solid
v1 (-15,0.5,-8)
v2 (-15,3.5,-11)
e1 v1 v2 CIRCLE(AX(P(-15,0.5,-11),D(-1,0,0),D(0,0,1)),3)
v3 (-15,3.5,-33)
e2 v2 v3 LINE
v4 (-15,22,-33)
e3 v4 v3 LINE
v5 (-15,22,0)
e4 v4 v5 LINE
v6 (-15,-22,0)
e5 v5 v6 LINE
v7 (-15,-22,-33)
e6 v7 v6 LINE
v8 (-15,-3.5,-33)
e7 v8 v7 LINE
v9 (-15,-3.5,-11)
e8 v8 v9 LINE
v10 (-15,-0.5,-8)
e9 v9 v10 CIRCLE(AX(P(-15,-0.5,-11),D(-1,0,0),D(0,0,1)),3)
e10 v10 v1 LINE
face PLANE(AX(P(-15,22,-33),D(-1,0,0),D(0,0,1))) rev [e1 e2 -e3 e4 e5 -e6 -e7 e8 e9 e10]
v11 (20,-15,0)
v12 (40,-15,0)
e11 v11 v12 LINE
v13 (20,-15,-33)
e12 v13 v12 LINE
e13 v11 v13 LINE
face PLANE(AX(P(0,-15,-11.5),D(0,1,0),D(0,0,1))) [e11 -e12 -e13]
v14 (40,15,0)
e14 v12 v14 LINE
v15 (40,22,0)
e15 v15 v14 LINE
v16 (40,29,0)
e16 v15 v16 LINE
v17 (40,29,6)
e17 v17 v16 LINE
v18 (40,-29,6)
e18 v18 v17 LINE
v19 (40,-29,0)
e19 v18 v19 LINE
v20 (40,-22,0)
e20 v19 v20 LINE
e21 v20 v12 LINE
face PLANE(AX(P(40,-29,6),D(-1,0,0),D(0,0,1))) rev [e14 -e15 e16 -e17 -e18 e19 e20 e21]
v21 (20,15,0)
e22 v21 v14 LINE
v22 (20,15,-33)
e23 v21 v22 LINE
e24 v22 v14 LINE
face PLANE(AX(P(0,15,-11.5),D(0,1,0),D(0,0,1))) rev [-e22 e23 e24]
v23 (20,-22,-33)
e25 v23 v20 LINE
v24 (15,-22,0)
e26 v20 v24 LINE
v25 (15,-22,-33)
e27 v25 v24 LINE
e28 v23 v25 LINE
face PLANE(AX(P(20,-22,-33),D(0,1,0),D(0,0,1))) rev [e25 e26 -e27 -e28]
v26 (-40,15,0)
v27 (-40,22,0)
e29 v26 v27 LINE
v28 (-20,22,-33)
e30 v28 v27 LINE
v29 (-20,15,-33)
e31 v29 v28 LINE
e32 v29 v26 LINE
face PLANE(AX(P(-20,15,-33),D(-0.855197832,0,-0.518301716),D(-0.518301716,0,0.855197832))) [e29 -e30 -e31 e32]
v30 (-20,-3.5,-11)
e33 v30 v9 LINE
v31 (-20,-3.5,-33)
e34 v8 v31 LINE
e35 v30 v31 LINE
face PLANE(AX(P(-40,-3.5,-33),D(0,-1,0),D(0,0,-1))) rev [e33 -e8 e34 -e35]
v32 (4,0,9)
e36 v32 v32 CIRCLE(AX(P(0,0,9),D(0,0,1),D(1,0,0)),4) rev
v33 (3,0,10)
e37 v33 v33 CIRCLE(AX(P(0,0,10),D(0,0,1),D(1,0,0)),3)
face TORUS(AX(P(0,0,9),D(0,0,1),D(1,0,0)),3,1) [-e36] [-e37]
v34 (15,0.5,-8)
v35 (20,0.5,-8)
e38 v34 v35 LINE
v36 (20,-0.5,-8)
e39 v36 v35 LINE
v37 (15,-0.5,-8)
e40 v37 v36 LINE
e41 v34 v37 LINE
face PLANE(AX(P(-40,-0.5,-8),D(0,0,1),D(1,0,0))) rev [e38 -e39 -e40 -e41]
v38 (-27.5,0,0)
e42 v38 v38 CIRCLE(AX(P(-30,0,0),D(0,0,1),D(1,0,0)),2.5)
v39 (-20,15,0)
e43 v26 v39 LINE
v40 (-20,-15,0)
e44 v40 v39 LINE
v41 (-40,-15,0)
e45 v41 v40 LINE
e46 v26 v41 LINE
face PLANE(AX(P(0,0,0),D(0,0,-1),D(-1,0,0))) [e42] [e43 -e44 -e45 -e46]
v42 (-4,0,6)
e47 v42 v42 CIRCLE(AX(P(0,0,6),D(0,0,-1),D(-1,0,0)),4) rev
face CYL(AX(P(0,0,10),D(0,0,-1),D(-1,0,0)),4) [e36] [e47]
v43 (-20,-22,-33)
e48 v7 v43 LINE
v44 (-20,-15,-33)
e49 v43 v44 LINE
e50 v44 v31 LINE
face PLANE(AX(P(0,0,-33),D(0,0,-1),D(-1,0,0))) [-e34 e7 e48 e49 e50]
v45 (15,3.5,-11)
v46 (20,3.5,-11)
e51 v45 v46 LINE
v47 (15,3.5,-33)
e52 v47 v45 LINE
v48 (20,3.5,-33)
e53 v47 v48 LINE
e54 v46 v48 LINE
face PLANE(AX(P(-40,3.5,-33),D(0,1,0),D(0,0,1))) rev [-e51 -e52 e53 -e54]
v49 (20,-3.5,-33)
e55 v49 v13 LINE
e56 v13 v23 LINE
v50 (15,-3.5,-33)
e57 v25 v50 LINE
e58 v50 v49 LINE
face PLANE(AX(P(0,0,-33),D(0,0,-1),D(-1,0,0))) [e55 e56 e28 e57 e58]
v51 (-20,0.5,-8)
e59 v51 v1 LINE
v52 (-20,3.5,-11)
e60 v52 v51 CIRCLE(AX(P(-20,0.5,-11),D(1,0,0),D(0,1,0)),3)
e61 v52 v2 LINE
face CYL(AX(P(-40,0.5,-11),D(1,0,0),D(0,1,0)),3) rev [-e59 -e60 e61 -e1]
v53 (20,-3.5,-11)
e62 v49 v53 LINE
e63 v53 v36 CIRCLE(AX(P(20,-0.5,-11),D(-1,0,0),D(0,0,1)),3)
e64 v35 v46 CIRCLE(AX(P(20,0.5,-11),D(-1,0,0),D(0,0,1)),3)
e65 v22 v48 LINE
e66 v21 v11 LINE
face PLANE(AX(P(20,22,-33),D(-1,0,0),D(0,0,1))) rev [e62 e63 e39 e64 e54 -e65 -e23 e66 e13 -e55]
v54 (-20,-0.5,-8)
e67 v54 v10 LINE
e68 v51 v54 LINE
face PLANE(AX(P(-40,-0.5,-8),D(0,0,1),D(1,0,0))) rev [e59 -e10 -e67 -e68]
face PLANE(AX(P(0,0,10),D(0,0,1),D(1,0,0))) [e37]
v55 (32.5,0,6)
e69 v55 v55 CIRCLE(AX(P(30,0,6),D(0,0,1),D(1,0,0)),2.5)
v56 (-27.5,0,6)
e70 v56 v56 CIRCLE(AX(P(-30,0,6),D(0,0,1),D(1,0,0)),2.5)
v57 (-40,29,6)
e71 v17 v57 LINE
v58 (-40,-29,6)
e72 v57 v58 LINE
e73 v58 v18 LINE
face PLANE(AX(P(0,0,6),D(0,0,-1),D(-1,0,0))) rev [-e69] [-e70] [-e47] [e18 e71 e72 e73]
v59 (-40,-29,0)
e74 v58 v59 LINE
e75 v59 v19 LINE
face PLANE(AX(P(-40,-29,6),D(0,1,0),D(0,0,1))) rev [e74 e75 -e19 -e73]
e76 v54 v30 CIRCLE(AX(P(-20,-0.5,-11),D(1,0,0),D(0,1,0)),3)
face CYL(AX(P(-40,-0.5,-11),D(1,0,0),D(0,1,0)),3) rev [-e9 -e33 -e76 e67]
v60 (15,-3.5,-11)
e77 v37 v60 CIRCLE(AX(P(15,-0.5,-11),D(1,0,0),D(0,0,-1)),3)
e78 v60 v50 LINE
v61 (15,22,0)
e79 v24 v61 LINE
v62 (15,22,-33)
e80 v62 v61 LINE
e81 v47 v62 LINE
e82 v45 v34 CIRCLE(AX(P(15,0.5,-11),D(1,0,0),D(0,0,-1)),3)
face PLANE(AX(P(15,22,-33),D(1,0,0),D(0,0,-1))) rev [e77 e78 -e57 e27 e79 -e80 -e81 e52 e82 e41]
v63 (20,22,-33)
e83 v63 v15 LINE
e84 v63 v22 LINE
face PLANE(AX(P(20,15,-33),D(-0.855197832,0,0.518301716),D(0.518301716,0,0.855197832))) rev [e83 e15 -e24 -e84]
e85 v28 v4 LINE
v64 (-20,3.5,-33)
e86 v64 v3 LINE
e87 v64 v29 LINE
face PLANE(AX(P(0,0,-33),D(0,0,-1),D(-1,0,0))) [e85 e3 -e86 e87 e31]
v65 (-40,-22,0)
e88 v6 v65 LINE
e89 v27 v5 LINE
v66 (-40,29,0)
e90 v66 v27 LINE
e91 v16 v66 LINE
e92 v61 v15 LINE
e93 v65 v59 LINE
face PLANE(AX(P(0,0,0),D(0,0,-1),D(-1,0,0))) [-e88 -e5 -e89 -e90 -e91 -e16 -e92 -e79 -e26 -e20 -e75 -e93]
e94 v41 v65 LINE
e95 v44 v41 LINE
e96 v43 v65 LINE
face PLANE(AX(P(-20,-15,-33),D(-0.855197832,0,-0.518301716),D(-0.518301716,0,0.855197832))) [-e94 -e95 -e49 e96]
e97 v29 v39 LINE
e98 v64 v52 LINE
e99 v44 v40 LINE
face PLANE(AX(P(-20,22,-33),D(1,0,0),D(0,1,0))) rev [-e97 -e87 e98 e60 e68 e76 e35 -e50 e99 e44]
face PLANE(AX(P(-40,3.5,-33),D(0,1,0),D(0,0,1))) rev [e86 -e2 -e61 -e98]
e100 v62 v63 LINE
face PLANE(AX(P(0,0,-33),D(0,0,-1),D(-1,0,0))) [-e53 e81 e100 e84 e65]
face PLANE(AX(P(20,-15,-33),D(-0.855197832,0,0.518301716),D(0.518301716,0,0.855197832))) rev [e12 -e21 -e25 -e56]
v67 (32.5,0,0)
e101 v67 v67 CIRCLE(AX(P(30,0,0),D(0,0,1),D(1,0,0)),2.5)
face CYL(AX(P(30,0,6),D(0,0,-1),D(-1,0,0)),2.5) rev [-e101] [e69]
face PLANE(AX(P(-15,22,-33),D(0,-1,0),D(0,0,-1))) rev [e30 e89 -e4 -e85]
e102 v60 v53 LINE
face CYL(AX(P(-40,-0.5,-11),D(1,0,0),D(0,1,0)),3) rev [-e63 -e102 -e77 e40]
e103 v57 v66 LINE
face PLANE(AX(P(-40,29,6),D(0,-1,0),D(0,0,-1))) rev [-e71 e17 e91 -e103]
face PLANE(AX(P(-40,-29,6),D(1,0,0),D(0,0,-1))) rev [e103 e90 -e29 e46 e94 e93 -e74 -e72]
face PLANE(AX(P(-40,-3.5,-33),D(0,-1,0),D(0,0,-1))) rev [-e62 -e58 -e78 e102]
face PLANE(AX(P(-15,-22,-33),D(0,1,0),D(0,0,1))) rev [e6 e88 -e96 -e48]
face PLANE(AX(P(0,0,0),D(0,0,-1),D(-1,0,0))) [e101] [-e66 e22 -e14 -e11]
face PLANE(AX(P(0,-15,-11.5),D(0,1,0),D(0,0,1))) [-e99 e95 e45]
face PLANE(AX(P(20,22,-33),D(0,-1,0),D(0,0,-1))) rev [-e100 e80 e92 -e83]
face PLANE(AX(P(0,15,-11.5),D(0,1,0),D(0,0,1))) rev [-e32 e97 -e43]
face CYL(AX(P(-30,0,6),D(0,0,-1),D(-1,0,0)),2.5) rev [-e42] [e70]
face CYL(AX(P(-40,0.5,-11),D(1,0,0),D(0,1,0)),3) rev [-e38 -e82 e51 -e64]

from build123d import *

# Parameters (mm, degrees)
SKETCH_2_W               = 80
SKETCH_2_H               = 58
SKETCH_2_R               = 2.5
EXTRUDE_1_DEPTH          = 6
SKETCH_3_W               = 5
SKETCH_3_H               = 44
EXTRUDE_2_DEPTH          = 33
CUT_EXTRUDE_1_DEPTH      = 75.36396977
CUT_EXTRUDE_1_DEPTH_BACK = 75.36396977
SKETCH_12_R              = 4
EXTRUDE_3_DEPTH          = 4
RIB_10_REACH             = 70.007
SKETCH_13_WALL_W         = 176.60226785
SKETCH_13_WALL_H         = 7
RIB_12_REACH             = 70.007
SKETCH_16_WALL_W         = 176.60226785
SKETCH_16_WALL_H         = 7
FILLET_2_R               = 1


with BuildPart() as part:
    # 스케치2 → 보스-돌출1 (new body)
    with BuildSketch(Plane.XY):
        Rectangle(SKETCH_2_W, SKETCH_2_H)
        with Locations((-30, 0)):
            Circle(SKETCH_2_R, mode=Mode.SUBTRACT)
        with Locations((30, 0)):
            Circle(SKETCH_2_R, mode=Mode.SUBTRACT)
    extrude(amount=EXTRUDE_1_DEPTH)

    # 스케치3 → 보스-돌출2 (add)
    with BuildSketch(Plane(origin=(0, 0, 0), x_dir=(-1, 0, 0), z_dir=(0, 0, -1))):
        with Locations((-17.5, 0)):
            Rectangle(SKETCH_3_W, SKETCH_3_H)
        with Locations((17.5, 0)):
            Rectangle(SKETCH_3_W, SKETCH_3_H)
    extrude(amount=EXTRUDE_2_DEPTH)

    # 스케치11 → 컷-돌출1 (cut, two sides: drawn at the far end of the back side and taken through both)
    with BuildSketch(Plane(origin=(20, 0, 0), x_dir=(0, 0, -1), z_dir=(1, 0, 0)).offset(-CUT_EXTRUDE_1_DEPTH_BACK)):
        with BuildLine():
            Line((33, -3.5), (11, -3.5))
            ThreePointArc((11, -3.5), (8.878679656, -2.621320344), (8, -0.5))
            Line((8, -0.5), (8, 0.5))
            ThreePointArc((8, 0.5), (8.878679656, 2.621320344), (11, 3.5))
            Line((11, 3.5), (33, 3.5))
            Line((33, 3.5), (33, -3.5))
        make_face()
    extrude(amount=CUT_EXTRUDE_1_DEPTH + CUT_EXTRUDE_1_DEPTH_BACK, mode=Mode.SUBTRACT)

    # 스케치12 → 보스-돌출3 (add)
    with BuildSketch(Plane.XY.offset(6)):
        with Locations(Location((0, 0, 0), (0, 0, 180))):
            Circle(SKETCH_12_R)
    extrude(amount=EXTRUDE_3_DEPTH)

    # 스케치13 wall → 보강대10 (add, up to next)
    with BuildSketch(Plane(origin=(-30, 15, -16.5), x_dir=(-0.518301716093, 0, 0.855197831554), z_dir=(0.855197831554, 0, 0.518301716093)), mode=Mode.PRIVATE) as rib_10_sk1:
        with Locations((0, -3.5)):
            Rectangle(SKETCH_13_WALL_W, SKETCH_13_WALL_H)
    rib_10_tool1 = extrude(rib_10_sk1.sketch, amount=RIB_10_REACH, mode=Mode.PRIVATE) - part.part
    rib_10 = rib_10_tool1.solids().sort_by_distance((-30, 15, -16.5))[0]
    add(rib_10)

    # 스케치16 wall → 보강대12 (add, up to next)
    with BuildSketch(Plane(origin=(-30, -15, -16.5), x_dir=(-0.518301716093, 0, 0.855197831554), z_dir=(0.855197831554, 0, 0.518301716093)), mode=Mode.PRIVATE) as rib_12_sk1:
        with Locations((0, 3.5)):
            Rectangle(SKETCH_16_WALL_W, SKETCH_16_WALL_H)
    rib_12_tool1 = extrude(rib_12_sk1.sketch, amount=RIB_12_REACH, mode=Mode.PRIVATE) - part.part
    rib_12 = rib_12_tool1.solids().sort_by_distance((-30, -15, -16.5))[0]
    add(rib_12)

    # 대칭 복사1: 보강대10 across plane
    add(rib_10.mirror(Plane(origin=(0, 0, 0), x_dir=(0, 0, 1), z_dir=(1, 0, 0))))

    # 대칭 복사2: 보강대12 across plane
    add(rib_12.mirror(Plane(origin=(0, 0, 0), x_dir=(0, 0, 1), z_dir=(1, 0, 0))))

    # 필렛2
    fillet_2_edges = [part.edges().sort_by_distance(p)[0] for p in [
        (4, 0, 10),
    ]]
    fillet(fillet_2_edges, radius=FILLET_2_R)


solid = part.part
